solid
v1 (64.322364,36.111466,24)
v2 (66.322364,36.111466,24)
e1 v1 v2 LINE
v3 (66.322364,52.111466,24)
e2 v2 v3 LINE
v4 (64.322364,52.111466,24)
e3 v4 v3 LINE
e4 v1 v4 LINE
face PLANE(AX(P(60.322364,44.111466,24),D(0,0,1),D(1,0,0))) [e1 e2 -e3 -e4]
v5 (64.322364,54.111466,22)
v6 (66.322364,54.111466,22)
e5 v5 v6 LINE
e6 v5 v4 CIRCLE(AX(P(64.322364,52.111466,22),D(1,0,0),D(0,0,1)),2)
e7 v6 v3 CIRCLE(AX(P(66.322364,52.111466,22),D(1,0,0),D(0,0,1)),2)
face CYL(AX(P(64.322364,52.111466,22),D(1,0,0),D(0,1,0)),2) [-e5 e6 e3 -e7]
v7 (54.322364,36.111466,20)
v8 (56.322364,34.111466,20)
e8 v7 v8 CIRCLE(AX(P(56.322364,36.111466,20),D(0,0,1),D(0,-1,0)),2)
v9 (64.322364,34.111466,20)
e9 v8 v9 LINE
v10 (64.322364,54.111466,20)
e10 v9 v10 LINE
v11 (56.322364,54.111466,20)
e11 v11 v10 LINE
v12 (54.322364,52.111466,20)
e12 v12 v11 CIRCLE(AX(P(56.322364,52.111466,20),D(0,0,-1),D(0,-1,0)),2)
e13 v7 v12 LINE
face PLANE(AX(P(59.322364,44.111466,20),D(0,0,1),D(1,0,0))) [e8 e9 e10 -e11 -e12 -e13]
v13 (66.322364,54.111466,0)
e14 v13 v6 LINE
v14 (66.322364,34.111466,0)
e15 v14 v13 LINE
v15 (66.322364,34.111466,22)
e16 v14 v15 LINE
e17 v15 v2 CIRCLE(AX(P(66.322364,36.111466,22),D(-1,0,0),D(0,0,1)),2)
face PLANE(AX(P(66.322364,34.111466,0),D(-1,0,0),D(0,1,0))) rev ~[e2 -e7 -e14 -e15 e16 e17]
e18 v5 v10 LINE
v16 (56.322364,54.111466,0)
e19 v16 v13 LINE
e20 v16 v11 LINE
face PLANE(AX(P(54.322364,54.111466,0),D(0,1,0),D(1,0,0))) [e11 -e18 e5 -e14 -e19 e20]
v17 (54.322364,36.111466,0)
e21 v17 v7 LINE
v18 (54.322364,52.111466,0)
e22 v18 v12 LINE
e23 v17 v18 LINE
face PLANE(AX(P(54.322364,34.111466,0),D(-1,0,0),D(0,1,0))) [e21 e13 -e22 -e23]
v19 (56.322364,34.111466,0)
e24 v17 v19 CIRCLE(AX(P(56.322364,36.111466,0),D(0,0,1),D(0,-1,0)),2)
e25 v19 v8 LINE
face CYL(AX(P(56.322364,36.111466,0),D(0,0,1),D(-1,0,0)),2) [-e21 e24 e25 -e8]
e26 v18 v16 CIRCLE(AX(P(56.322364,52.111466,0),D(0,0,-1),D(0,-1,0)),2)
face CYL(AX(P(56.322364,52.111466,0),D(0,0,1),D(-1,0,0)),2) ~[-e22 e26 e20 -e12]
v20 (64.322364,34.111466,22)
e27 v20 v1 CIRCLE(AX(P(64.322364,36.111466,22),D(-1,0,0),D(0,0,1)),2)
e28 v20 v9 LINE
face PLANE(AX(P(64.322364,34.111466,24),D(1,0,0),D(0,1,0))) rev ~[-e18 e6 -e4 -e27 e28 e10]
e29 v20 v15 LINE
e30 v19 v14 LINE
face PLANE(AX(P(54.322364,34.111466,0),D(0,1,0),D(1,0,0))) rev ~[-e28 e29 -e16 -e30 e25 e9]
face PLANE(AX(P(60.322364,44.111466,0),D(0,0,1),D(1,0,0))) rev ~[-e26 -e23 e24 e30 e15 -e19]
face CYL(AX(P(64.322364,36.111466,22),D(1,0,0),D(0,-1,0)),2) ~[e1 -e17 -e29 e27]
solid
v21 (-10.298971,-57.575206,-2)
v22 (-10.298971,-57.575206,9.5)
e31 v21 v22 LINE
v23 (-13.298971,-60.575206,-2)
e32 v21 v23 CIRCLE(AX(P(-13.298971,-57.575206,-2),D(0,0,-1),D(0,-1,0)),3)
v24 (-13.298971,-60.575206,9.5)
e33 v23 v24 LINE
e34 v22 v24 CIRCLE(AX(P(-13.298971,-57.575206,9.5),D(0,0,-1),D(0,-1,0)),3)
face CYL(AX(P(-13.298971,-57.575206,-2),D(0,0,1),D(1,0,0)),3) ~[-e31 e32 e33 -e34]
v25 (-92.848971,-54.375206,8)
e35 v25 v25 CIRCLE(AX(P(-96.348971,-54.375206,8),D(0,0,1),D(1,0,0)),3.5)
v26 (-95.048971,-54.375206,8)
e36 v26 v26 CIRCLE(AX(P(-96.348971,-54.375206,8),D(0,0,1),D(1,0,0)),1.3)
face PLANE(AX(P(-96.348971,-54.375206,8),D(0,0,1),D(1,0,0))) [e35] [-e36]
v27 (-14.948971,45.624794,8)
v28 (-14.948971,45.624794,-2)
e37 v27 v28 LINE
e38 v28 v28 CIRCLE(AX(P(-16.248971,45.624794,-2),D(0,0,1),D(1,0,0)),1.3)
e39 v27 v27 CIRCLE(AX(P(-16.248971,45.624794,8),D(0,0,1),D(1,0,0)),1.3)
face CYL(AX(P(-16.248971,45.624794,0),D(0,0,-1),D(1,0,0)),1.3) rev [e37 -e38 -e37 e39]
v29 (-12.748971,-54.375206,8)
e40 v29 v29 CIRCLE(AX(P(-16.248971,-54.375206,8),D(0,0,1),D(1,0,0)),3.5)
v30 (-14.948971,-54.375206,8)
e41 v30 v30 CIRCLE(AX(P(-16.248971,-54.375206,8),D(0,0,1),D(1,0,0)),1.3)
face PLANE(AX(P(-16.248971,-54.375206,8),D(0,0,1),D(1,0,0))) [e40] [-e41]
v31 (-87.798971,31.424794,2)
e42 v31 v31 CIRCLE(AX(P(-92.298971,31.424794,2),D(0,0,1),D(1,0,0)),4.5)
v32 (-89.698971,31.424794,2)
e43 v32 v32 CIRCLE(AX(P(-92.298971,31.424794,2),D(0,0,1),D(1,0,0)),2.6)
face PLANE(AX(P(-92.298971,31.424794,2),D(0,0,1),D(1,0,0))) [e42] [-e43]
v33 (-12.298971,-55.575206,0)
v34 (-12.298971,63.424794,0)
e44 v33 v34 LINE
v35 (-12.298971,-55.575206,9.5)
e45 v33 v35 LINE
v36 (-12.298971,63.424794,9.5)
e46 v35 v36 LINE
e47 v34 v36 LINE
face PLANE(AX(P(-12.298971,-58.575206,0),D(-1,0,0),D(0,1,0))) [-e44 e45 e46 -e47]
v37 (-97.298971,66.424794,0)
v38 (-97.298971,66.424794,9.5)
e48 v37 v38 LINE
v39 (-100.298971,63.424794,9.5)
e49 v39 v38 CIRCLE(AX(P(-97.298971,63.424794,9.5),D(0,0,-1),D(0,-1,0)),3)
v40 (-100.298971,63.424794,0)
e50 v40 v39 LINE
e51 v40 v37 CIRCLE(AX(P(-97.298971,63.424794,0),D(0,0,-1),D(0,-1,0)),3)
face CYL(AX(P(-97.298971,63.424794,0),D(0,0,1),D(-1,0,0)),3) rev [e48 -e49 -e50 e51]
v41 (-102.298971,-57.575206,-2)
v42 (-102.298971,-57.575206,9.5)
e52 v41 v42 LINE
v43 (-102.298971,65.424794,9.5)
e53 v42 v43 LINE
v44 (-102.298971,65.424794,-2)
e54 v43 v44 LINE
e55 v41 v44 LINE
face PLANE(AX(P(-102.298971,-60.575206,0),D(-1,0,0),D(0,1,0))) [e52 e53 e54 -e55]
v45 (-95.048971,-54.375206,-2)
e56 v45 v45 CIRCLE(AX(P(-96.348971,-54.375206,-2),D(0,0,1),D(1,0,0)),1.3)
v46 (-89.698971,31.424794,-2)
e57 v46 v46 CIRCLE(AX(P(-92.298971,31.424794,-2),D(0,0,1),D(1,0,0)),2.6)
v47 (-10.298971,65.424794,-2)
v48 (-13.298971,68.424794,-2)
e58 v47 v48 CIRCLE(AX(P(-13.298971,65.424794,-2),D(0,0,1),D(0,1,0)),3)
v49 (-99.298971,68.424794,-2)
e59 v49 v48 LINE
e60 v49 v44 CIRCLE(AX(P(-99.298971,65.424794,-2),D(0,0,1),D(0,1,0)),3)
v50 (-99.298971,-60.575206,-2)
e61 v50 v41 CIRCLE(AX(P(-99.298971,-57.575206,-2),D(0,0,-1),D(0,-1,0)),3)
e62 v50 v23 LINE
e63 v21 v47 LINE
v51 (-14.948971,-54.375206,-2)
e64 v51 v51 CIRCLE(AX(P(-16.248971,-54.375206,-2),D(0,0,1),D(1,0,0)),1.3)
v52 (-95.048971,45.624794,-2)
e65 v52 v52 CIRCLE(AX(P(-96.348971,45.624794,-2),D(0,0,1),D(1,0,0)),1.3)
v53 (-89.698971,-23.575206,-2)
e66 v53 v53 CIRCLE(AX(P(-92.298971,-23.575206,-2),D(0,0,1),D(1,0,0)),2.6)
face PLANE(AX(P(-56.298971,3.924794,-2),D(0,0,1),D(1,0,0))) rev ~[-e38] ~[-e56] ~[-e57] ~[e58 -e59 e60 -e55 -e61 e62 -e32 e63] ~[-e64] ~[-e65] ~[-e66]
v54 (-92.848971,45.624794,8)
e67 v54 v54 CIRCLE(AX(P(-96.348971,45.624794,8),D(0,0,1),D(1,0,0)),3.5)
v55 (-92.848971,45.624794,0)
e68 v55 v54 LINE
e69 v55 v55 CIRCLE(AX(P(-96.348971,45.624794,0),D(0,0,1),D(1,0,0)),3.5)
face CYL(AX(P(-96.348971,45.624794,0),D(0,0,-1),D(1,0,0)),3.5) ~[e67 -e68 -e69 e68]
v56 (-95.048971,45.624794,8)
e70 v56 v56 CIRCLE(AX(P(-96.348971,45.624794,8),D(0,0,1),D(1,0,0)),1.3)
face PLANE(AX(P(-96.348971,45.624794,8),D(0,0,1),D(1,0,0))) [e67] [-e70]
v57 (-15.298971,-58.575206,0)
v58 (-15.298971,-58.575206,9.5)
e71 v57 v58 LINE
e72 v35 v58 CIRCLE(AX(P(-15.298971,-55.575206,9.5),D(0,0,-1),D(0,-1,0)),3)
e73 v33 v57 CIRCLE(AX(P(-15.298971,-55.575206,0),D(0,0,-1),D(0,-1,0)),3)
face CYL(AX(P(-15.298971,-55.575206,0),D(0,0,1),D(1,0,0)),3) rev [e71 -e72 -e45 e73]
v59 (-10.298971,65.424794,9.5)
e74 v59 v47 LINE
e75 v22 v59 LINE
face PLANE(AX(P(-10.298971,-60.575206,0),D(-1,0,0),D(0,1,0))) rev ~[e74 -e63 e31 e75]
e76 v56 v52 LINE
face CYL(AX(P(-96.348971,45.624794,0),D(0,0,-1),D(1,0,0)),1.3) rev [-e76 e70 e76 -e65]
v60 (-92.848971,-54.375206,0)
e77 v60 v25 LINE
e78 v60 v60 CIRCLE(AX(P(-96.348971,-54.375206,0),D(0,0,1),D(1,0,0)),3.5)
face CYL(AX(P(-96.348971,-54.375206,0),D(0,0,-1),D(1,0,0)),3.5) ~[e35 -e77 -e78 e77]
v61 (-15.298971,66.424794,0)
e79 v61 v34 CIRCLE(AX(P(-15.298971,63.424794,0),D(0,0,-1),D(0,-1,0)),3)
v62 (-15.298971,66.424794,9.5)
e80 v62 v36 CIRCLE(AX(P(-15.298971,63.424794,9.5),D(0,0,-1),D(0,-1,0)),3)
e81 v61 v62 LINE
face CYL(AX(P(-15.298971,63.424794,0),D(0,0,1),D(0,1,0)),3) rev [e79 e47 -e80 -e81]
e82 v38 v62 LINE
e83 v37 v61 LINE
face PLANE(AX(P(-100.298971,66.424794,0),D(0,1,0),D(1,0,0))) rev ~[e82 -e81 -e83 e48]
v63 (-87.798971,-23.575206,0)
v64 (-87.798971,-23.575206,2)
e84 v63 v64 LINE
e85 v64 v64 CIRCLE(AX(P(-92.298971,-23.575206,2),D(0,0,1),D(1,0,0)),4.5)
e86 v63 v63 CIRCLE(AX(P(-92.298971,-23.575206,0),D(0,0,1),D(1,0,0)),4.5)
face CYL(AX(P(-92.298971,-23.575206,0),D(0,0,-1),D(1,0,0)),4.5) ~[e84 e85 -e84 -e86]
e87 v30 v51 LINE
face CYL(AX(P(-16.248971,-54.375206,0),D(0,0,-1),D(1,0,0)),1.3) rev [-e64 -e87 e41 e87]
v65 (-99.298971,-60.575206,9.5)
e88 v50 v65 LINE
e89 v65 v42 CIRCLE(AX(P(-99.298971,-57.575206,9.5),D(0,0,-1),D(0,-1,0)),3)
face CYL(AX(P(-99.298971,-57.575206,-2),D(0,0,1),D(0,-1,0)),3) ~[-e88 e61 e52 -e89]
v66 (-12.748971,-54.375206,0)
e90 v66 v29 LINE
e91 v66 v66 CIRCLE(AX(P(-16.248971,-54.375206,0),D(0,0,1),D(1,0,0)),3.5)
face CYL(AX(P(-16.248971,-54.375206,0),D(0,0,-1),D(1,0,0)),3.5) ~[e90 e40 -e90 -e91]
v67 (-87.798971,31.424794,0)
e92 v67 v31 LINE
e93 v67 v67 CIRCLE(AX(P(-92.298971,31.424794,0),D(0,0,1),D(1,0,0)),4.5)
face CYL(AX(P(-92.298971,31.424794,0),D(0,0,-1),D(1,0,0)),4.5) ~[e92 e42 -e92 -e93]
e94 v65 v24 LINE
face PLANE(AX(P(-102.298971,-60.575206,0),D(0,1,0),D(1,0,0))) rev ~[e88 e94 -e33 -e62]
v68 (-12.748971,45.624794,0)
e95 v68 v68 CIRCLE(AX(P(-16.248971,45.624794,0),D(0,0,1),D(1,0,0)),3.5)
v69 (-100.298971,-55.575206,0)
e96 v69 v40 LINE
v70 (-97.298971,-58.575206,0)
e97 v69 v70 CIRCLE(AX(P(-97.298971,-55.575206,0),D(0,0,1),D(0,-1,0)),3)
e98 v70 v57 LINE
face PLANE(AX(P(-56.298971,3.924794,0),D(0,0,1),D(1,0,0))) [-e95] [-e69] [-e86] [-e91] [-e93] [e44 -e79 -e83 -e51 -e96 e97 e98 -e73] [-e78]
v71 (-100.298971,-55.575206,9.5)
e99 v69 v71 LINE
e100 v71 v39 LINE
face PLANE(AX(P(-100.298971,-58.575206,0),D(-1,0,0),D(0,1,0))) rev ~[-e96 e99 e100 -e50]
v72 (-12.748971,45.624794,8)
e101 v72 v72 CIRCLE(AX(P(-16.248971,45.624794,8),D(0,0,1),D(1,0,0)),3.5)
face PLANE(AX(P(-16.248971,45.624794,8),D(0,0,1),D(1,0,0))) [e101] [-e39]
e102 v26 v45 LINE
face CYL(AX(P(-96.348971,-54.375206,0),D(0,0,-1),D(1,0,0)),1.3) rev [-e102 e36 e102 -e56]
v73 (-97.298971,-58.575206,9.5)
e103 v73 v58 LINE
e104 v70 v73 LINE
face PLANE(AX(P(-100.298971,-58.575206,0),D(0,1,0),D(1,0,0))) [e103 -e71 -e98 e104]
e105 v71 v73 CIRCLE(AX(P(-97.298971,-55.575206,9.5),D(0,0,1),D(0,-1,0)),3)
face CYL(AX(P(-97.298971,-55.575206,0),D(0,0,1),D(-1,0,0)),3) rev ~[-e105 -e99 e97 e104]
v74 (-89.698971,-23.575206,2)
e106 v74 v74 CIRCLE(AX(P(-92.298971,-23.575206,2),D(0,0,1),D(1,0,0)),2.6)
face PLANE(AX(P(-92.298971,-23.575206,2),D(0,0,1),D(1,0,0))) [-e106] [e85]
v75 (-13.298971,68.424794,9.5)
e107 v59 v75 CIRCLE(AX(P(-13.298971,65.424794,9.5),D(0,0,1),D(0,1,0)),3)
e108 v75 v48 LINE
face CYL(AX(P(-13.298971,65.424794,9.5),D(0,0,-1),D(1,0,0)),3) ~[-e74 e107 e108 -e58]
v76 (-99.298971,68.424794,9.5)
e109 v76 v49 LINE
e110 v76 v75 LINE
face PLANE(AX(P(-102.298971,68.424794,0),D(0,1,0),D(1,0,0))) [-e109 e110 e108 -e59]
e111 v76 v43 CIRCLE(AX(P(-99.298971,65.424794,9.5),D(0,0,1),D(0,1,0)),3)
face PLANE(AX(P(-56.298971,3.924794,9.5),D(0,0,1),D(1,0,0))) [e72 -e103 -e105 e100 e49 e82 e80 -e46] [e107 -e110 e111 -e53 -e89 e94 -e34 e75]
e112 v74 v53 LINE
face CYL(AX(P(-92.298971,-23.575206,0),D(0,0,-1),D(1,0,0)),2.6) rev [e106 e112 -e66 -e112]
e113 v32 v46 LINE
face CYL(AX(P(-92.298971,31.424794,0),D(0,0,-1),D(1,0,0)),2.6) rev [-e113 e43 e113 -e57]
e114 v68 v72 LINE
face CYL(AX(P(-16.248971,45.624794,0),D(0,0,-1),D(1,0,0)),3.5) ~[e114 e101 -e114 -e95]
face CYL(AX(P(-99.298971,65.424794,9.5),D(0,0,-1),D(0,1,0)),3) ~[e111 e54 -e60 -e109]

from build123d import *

# Parameters (mm, degrees)
F0_W     = 92
F0_H     = 129
F0_W_2   = 88
F0_H_2   = 125
F0_R     = 3.5
F0_R_2   = 4.5
F0_R_3   = 2.6
F0_R_4   = 1.3
F1_DEPTH = 2
F2_DEPTH = 9.5
F3_DEPTH = 2
F4_DEPTH = 8
F5_R     = 3
F6_W     = 12
F6_H     = 20
F7_DEPTH = 24
F8_W     = 10
F8_H     = 20
F9_DEPTH = 4
F10_R    = 2


with BuildPart() as f1:
    # F0 (on Top) → F1 (new body)
    with BuildSketch(Plane.XY):
        with Locations((-56.2989712238, 3.9247941673)):
            Rectangle(F0_W, F0_H)
        with Locations((-56.2989712238, 3.9247941673)):
            Rectangle(F0_W_2, F0_H_2, mode=Mode.SUBTRACT)
        with Locations((-56.2989712238, 3.9247941673)):
            Rectangle(F0_W_2, F0_H_2)
        with Locations((-96.3489712238, -54.3752058327)):
            Circle(F0_R, mode=Mode.SUBTRACT)
        with Locations((-92.2989712238, -23.5752058327)):
            Circle(F0_R_2, mode=Mode.SUBTRACT)
        with Locations((-16.2489712238, -54.3752058327)):
            Circle(F0_R, mode=Mode.SUBTRACT)
        with Locations((-92.2989712238, 31.4247941673)):
            Circle(F0_R_2, mode=Mode.SUBTRACT)
        with Locations((-96.3489712238, 45.6247941673)):
            Circle(F0_R, mode=Mode.SUBTRACT)
        with Locations((-16.2489712238, 45.6247941673)):
            Circle(F0_R, mode=Mode.SUBTRACT)
        with Locations((-92.2989712238, 31.4247941673)):
            Circle(F0_R_2)
        with Locations((-92.2989712238, 31.4247941673)):
            Circle(F0_R_3, mode=Mode.SUBTRACT)
        with Locations((-92.2989712238, -23.5752058327)):
            Circle(F0_R_2)
        with Locations((-92.2989712238, -23.5752058327)):
            Circle(F0_R_3, mode=Mode.SUBTRACT)
        with Locations((-96.3489712238, 45.6247941673)):
            Circle(F0_R)
        with Locations((-96.3489712238, 45.6247941673)):
            Circle(F0_R_4, mode=Mode.SUBTRACT)
        with Locations((-96.3489712238, -54.3752058327)):
            Circle(F0_R)
        with Locations((-96.3489712238, -54.3752058327)):
            Circle(F0_R_4, mode=Mode.SUBTRACT)
        with Locations((-16.2489712238, -54.3752058327)):
            Circle(F0_R)
        with Locations((-16.2489712238, -54.3752058327)):
            Circle(F0_R_4, mode=Mode.SUBTRACT)
        with Locations((-16.2489712238, 45.6247941673)):
            Circle(F0_R)
        with Locations((-16.2489712238, 45.6247941673)):
            Circle(F0_R_4, mode=Mode.SUBTRACT)
    extrude(amount=-F1_DEPTH)

    # F0 (on Top) → F2 (join)
    with BuildSketch(Plane.XY):
        with Locations((-56.2989712238, 3.9247941673)):
            Rectangle(F0_W, F0_H)
        with Locations((-56.2989712238, 3.9247941673)):
            Rectangle(F0_W_2, F0_H_2, mode=Mode.SUBTRACT)
    extrude(amount=F2_DEPTH)

    # F0 (on Top) → F3 (join)
    with BuildSketch(Plane.XY):
        with Locations((-92.2989712238, 31.4247941673)):
            Circle(F0_R_2)
        with Locations((-92.2989712238, 31.4247941673)):
            Circle(F0_R_3, mode=Mode.SUBTRACT)
        with Locations((-92.2989712238, -23.5752058327)):
            Circle(F0_R_2)
        with Locations((-92.2989712238, -23.5752058327)):
            Circle(F0_R_3, mode=Mode.SUBTRACT)
    extrude(amount=F3_DEPTH)

    # F0 (on Top) → F4 (join)
    with BuildSketch(Plane.XY):
        with Locations((-96.3489712238, 45.6247941673)):
            Circle(F0_R)
        with Locations((-96.3489712238, 45.6247941673)):
            Circle(F0_R_4, mode=Mode.SUBTRACT)
        with Locations((-96.3489712238, -54.3752058327)):
            Circle(F0_R)
        with Locations((-96.3489712238, -54.3752058327)):
            Circle(F0_R_4, mode=Mode.SUBTRACT)
        with Locations((-16.2489712238, 45.6247941673)):
            Circle(F0_R)
        with Locations((-16.2489712238, 45.6247941673)):
            Circle(F0_R_4, mode=Mode.SUBTRACT)
        with Locations((-16.2489712238, -54.3752058327)):
            Circle(F0_R)
        with Locations((-16.2489712238, -54.3752058327)):
            Circle(F0_R_4, mode=Mode.SUBTRACT)
    extrude(amount=F4_DEPTH)

    # F5
    f5_edges = [f1.edges().sort_by_distance(p)[0] for p in [
        (-100.298971, 66.424794, 4.75),
        (-12.298971, 66.424794, 4.75),
        (-100.298971, -58.575206, 4.75),
        (-12.298971, -58.575206, 4.75),
        (-10.298971, 68.424794, 3.75),
        (-102.298971, 68.424794, 3.75),
        (-10.298971, -60.575206, 3.75),
        (-102.298971, -60.575206, 3.75),
    ]]
    fillet(f5_edges, radius=F5_R)


with BuildPart() as f7:
    # F6 (on Top) → F7 (new body)
    with BuildSketch(Plane.XY):
        with Locations((60.3223639131, 44.1114662588)):
            Rectangle(F6_W, F6_H)
    extrude(amount=F7_DEPTH)

    # F8 (on face) → F9 (cut)
    with BuildSketch(Plane.XY.offset(24)):
        with Locations((59.3223639131, 44.1114662588)):
            Rectangle(F8_W, F8_H)
    extrude(amount=-F9_DEPTH, mode=Mode.SUBTRACT)

    # F10
    f10_edges = [f7.edges().sort_by_distance(p)[0] for p in [
        (65.322364, 34.111466, 24),
        (65.322364, 54.111466, 24),
        (54.322364, 34.111466, 10),
        (54.322364, 54.111466, 10),
    ]]
    fillet(f10_edges, radius=F10_R)


solid = Compound([f1.part, f7.part])
